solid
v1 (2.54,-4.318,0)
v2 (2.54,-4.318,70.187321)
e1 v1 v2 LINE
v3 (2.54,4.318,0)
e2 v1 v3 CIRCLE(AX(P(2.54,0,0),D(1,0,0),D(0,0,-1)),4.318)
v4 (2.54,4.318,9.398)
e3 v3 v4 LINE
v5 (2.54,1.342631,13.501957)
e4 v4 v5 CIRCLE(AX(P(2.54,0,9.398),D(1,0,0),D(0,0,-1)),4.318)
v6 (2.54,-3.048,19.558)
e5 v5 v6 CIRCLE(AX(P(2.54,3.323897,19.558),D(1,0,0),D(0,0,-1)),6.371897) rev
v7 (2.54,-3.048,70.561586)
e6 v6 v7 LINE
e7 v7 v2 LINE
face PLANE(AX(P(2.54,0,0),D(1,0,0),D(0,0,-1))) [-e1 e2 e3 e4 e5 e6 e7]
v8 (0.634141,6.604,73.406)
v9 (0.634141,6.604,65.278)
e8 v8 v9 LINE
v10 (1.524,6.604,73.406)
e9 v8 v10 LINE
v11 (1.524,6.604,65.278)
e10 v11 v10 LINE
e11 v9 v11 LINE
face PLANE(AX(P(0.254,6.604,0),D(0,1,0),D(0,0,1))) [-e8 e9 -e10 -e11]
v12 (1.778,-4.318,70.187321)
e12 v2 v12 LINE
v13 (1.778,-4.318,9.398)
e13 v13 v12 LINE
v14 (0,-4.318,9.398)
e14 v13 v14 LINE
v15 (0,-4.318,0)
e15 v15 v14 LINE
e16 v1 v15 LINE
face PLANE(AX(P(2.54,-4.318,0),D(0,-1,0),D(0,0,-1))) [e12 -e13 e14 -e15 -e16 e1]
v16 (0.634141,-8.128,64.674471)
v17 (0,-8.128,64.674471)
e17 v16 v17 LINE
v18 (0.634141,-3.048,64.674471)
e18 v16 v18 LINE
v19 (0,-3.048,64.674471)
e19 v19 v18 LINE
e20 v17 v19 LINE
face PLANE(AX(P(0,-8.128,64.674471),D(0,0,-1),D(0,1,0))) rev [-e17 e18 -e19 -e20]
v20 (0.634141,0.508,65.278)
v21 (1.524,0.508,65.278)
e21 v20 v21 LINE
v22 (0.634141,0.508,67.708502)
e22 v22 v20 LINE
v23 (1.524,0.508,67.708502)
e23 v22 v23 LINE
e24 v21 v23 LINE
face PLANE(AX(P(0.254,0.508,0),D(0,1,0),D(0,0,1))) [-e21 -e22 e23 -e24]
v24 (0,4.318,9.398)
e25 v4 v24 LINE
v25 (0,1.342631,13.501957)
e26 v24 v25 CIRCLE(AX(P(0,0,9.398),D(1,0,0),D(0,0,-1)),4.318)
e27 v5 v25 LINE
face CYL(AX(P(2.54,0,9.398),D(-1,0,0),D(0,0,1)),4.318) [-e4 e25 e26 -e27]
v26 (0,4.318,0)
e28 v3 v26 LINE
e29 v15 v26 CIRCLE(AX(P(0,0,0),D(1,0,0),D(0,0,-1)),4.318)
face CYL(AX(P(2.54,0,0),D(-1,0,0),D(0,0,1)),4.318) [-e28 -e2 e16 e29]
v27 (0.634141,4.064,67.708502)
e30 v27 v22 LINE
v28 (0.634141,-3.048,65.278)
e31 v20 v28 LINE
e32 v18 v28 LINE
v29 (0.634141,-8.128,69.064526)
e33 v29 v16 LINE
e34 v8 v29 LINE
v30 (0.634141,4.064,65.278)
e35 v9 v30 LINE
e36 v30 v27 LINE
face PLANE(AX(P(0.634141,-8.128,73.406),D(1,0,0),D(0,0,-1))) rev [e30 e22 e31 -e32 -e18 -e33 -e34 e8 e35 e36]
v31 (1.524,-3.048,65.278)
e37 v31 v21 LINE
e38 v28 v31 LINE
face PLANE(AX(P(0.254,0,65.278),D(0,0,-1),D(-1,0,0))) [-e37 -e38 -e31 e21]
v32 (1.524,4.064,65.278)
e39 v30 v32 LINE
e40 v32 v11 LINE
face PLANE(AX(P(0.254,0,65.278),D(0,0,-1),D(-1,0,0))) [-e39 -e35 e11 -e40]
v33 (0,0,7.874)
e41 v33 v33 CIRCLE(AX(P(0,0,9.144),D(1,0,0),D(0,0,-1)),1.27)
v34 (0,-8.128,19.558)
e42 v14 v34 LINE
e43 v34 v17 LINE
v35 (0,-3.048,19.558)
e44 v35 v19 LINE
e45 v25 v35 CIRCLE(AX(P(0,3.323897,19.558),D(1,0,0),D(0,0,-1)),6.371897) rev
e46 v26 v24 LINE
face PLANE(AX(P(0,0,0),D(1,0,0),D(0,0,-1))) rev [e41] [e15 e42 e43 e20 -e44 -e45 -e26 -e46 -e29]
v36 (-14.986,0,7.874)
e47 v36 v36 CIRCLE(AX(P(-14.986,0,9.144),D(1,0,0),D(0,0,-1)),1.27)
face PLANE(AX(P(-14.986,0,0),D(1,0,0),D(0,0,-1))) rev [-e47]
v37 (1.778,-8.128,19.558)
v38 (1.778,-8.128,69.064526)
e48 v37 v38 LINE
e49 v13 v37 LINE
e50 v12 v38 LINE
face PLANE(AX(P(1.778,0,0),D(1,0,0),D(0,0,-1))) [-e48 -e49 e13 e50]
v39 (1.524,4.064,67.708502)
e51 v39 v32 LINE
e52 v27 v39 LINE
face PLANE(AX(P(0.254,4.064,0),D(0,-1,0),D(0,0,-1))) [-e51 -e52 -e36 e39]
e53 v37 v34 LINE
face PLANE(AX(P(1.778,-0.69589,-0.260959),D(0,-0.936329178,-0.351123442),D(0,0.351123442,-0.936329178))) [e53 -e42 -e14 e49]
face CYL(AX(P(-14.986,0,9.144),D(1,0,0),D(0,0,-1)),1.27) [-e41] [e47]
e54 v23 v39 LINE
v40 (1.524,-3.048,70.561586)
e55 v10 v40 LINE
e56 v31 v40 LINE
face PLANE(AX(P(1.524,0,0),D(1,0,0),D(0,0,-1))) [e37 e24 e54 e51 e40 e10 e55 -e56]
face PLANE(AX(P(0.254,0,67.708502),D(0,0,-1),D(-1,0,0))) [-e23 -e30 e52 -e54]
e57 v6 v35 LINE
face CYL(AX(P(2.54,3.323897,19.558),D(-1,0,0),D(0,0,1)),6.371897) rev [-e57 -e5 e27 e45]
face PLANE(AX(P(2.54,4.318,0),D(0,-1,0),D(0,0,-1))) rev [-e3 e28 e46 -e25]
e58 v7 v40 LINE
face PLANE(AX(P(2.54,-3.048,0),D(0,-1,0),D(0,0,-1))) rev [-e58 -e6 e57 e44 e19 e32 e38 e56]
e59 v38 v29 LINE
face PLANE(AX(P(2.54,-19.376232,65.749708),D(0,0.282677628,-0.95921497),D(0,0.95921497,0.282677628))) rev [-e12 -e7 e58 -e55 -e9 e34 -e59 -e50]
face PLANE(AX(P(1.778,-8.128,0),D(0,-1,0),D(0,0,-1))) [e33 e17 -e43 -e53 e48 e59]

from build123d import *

# Parameters (mm, degrees)
BOSS_EXTRUDE2_DEPTH = 2.54
BOSS_EXTRUDE3_DEPTH = 1.778
BOSS_EXTRUDE4_START = 1.524
BOSS_EXTRUDE4_DEPTH = 1.27
SKETCH2_W           = 0.634140794
SKETCH2_H           = 8.731528753
CUT_EXTRUDE1_DEPTH  = 75.912777682
SKETCH1_8_R         = 1.27
BOSS_EXTRUDE5_DEPTH = 14.986


with BuildPart() as part:
    # Sketch1 → Boss-Extrude2 (new body)
    with BuildSketch(Plane(origin=(0, 0, 0), x_dir=(0, 0, -1), z_dir=(1, 0, 0))):
        with BuildLine():
            Line((0, 4.318), (-9.398, 4.318))
            ThreePointArc((-9.398, 4.318), (-11.932525974, 3.495897895), (-13.501957395, 1.342630889))
            ThreePointArc((-13.501957395, 1.342630889), (-15.817903355, -1.834857441), (-19.558, -3.048))
            Line((-19.558, -3.048), (-70.56158602, -3.048))
            Line((-70.56158602, -3.048), (-70.187321023, -4.318))
            Line((-70.187321023, -4.318), (0, -4.318))
            ThreePointArc((0, -4.318), (4.318, 0), (0, 4.318))
        make_face()
    extrude(amount=BOSS_EXTRUDE2_DEPTH)

    # Sketch1<5> → Boss-Extrude3 (add)
    with BuildSketch(Plane(origin=(0, 0, 0), x_dir=(0, 0, -1), z_dir=(1, 0, 0))):
        Polygon((-19.558, -8.128), (-9.398, -4.318), (-70.187321023, -4.318), (-69.06452603, -8.128), align=None)
    extrude(amount=BOSS_EXTRUDE3_DEPTH)

    # Sketch1<7> → Boss-Extrude4 (add)
    with BuildSketch(Plane(origin=(0, 0, 0), x_dir=(0, 0, -1), z_dir=(1, 0, 0)).offset(BOSS_EXTRUDE4_START)):
        Polygon((-70.56158602, -3.048), (-65.278, -3.048), (-65.278, 0.508), (-67.708502007, 0.508), (-67.708502007, 4.064), (-65.278, 4.064), (-65.278, 6.604), (-73.406, 6.604), align=None)
    extrude(amount=-BOSS_EXTRUDE4_DEPTH)

    # Sketch2 → Cut-Extrude1 (cut, through all)
    with BuildSketch(Plane(origin=(0, 6.604, 0), x_dir=(1, 0, 0), z_dir=(0, 1, 0))):
        with Locations((0.317070397, -69.040235623)):
            Rectangle(SKETCH2_W, SKETCH2_H)
    extrude(amount=-CUT_EXTRUDE1_DEPTH, mode=Mode.SUBTRACT)

    # Sketch1<8> → Boss-Extrude5 (add)
    with BuildSketch(Plane(origin=(0, 0, 0), x_dir=(0, 0, -1), z_dir=(1, 0, 0))):
        with Locations((-9.144, 0)):
            Circle(SKETCH1_8_R)
    extrude(amount=-BOSS_EXTRUDE5_DEPTH)


solid = part.part
